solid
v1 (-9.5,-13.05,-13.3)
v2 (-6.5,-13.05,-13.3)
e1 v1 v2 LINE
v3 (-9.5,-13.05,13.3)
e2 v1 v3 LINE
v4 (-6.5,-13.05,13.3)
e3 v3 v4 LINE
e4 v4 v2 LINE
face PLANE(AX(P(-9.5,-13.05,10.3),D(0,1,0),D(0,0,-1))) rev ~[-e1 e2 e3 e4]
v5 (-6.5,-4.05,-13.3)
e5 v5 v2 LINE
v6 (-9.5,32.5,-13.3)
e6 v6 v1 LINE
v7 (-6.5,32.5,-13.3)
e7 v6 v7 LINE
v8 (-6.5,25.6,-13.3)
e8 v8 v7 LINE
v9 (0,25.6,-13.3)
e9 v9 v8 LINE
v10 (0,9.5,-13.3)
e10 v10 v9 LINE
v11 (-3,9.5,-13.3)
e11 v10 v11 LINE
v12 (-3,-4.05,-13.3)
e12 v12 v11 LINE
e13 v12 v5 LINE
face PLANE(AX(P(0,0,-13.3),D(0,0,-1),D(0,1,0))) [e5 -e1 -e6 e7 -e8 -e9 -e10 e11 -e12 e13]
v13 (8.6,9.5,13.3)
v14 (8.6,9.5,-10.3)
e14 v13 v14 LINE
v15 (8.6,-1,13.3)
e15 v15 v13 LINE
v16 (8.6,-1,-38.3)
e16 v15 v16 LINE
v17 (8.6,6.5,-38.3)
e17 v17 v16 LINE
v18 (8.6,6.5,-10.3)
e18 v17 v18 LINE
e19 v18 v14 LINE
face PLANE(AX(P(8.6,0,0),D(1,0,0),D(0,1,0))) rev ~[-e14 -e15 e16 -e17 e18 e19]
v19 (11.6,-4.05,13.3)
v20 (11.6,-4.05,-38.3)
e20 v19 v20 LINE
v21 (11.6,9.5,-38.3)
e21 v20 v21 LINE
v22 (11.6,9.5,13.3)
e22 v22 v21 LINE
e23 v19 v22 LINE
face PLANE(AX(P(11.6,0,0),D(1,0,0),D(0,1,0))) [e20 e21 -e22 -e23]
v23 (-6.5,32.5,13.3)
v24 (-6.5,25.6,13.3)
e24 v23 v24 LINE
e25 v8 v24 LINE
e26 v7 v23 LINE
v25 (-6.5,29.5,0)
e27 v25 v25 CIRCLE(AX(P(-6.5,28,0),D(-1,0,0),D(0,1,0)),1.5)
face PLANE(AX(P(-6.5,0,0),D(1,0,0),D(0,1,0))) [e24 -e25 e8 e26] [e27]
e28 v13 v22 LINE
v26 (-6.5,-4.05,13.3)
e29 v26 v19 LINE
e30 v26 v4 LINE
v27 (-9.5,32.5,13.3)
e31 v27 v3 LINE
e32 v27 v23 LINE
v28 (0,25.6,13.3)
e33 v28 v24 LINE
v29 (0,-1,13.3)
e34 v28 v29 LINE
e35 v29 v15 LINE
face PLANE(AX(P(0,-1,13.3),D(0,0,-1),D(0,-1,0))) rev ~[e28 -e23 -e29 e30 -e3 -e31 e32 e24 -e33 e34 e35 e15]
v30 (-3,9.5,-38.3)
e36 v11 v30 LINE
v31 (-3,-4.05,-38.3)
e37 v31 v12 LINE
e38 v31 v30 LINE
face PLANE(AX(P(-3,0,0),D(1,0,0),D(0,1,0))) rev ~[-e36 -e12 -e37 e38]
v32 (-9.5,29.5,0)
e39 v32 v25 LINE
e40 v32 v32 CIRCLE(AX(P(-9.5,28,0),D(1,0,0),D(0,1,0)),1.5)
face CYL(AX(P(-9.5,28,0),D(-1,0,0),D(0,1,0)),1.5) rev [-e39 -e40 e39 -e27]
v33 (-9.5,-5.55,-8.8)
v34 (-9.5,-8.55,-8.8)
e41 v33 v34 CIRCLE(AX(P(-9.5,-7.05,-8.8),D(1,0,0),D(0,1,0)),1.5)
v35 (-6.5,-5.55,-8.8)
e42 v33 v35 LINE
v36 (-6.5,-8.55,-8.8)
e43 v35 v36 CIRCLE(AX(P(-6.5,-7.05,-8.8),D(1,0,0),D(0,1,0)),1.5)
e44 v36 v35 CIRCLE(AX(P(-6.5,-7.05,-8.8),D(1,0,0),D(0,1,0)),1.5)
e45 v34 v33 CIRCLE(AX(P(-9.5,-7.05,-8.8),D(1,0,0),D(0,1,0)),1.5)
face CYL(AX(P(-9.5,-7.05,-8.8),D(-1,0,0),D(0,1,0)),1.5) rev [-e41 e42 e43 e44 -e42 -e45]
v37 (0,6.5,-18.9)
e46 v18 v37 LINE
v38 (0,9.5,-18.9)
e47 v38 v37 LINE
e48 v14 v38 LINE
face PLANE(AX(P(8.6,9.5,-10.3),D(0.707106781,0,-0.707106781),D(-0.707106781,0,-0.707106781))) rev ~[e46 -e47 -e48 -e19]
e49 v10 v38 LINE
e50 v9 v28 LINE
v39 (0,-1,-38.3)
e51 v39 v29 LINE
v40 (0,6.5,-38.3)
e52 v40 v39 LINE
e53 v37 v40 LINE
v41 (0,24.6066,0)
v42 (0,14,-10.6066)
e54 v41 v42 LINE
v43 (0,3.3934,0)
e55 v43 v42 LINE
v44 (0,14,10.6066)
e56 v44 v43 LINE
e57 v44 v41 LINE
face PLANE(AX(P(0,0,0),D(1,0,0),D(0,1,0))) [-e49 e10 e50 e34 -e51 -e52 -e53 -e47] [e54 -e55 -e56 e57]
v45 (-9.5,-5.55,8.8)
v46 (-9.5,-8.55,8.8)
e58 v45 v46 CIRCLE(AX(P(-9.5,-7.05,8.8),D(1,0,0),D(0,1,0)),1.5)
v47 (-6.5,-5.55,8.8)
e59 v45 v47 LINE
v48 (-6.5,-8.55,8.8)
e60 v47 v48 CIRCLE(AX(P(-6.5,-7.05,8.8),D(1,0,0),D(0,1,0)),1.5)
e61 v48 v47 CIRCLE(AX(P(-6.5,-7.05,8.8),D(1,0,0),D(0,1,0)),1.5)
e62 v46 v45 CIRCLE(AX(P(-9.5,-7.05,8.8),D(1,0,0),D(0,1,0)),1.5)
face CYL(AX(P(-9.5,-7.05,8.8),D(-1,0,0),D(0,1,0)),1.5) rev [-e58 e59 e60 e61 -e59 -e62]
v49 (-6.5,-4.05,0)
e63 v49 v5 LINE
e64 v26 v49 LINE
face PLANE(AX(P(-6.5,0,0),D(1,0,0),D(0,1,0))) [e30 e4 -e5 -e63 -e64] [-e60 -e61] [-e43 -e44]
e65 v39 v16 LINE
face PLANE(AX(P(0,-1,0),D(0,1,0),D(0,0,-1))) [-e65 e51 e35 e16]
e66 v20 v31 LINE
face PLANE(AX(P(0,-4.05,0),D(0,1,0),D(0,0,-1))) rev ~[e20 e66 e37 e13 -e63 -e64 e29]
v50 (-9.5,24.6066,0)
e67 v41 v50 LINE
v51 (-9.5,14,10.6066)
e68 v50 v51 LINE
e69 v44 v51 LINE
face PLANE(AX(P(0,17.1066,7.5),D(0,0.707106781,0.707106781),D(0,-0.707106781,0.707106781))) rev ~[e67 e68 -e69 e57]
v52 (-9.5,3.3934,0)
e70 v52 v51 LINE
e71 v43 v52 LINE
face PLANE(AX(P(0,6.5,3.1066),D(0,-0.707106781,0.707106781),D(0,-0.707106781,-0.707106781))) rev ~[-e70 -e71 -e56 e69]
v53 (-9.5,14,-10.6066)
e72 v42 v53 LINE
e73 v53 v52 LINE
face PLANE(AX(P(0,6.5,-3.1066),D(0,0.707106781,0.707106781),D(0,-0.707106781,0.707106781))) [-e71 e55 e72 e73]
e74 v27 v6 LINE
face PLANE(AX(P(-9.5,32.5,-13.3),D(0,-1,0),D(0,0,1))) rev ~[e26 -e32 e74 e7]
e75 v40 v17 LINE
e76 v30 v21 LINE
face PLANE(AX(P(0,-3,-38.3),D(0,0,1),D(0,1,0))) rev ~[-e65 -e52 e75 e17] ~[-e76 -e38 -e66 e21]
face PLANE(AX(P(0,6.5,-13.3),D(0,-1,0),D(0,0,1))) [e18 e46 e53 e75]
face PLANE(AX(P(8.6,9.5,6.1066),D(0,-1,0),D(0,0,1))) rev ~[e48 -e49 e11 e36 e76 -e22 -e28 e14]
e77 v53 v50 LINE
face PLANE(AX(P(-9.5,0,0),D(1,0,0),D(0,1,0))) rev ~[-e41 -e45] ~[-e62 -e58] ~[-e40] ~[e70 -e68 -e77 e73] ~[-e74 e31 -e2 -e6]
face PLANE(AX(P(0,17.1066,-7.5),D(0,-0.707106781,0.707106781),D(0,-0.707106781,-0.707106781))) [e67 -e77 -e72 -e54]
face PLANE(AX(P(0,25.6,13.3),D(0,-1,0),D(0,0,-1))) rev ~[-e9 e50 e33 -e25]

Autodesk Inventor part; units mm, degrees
ref_plane "YZ Plane" through (0, 0, 0) normal (1, 0, 0) x (0, 1, 0)
ref_plane "XZ Plane" through (0, 0, 0) normal (0, 1, 0) x (-1, 0, 0)
ref_plane "XY Plane" through (0, 0, 0) normal (0, 0, 1) x (1, 0, 0)
sketch "Sketch2" plane through (0, 0, 0) normal (1, 0, 0) x (0, 1, 0)
  line L0 (0, 0) -> (14, 0)
  line L1 (14, 0) -> (16.5, 0)
  line L2 (14, 0) -> (11.5, 0)
  line L3 (14, 0) -> (28, 0)
  line L4 (14, 0) -> (-8.55, 0)
  circle A0 centre (14, 0) radius 2.75
  line L5 (-8.55, 0) -> (-8.55, 8.8)
  line L6 (-8.55, 0) -> (-8.55, -8.8)
  line L7 (0, 0) -> (0, -13.3)
  line L8 (0, -13.3) -> (6.5, -13.3)
  line L9 (0, 0) -> (0, 13.3)
  line L10 (28, 0) -> (29.5, 0)
  line L11 (29.5, 0) -> (32.5, 0)
  line L12 (-10.05, 10.3) -> (-13.05, 10.3)
  line L13 (-13.05, 10.3) -> (-13.05, 13.3)
  line L14 (-13.05, 13.3) -> (-10.05, 13.3)
  line L15 (-10.05, 13.3) -> (-10.05, 10.3)
  line L16 (-10.05, -10.3) -> (-13.05, -10.3)
  line L17 (-13.05, -10.3) -> (-13.05, -13.3)
  line L18 (-13.05, -13.3) -> (-10.05, -13.3)
  line L19 (-10.05, -13.3) -> (-10.05, -10.3)
  line L20 (-13.05, -13.3) -> (32.5, -13.3)
  line L21 (32.5, -13.3) -> (32.5, 13.3)
  line L22 (32.5, 13.3) -> (-13.05, 13.3)
  line L23 (-13.05, 13.3) -> (-13.05, -13.3)
  line L24 (9.5, 13.3) -> (-3, 13.3)
  circle A1 centre (14, 0) radius 7.5
  line L25 (28, 0) -> (25.6, 0)
  line L26 (25.6, 0) -> (25.6, -2.4)
  line L27 (25.6, 2.4) -> (25.6, -2.4)
  line L28 (25.6, 13.3) -> (25.6, -13.3)
  line L29 (32.5, 0) -> (32.5, -3)
  line L30 (28, -1.5) -> (28, -4.5)
  line L31 (28, 1.5) -> (28, 4.5)
  line L32 (32.5, 4.5) -> (25.6, 4.5)
  line L33 (25.6, 4.5) -> (25.6, -4.5)
  line L34 (25.6, -4.5) -> (32.5, -4.5)
  line L35 (32.5, -4.5) -> (32.5, 4.5)
  line L36 (0, -13.3) -> (0, -38.3)
  line L37 (0, -38.3) -> (6.5, -38.3)
  line L38 (6.5, -13.3) -> (9.5, -13.3)
  line L39 (9.5, -13.3) -> (9.5, -38.3)
  line L40 (9.5, -38.3) -> (6.5, -38.3)
  line L41 (6.5, -38.3) -> (6.5, -13.3)
  line L42 (0, -13.3) -> (-3, -13.3)
  line L43 (-3, -13.3) -> (-3, -38.3)
  line L44 (-3, -38.3) -> (0, -38.3)
  line L45 (0, -38.3) -> (0, -13.3)
  line L46 (9.5, -13.3) -> (6.5, -13.3)
  line L47 (6.5, -13.3) -> (6.5, -10.3)
  line L48 (6.5, -10.3) -> (9.5, -10.3)
  line L49 (9.5, -10.3) -> (9.5, -13.3)
  line L50 (-3, -13.3) -> (-3, 13.3)
  line L51 (-7.05, 8.8) -> (-5.05, 8.8)
  line L52 (-4.05, 13.3) -> (-4.05, -13.3)
  line L53 (9.5, -10.3) -> (9.5, 13.3)
  line L54 (6.5, -10.3) -> (6.5, 13.3)
  line L55 (25.6, -7.5) -> (0, -7.5)
  line L56 (25.6, 7.5) -> (0, 7.5)
  line L57 (14, 0) -> (19.3033, -5.3033)
  line L58 (14, 0) -> (21.5, 0) construction
  line L59 (19.3033, -5.3033) -> (14, -10.6066)
  line L60 (14, -10.6066) -> (24.6066, 0)
  line L61 (14, -10.6066) -> (3.3934, 0)
  line L62 (24.6066, 0) -> (14, 10.6066)
  line L63 (14, 10.6066) -> (3.3934, 0)
  line L64 (0, 13.3) -> (-1, 13.3)
  line L65 (-1, 13.3) -> (-1, -38.3)
  line L66 (-3, -38.3) -> (-4.05, -38.3)
  line L67 (-4.05, -38.3) -> (-4.05, -13.3)
  line L68 (25.6, 0) -> (27.6, 0)
  line L69 (25.6, 0) -> (27.6, 0)
  line L70 (27.6, 0) -> (29.1, 0)
  line L71 (29.1, 0) -> (27.1, 0)
  circle A2 centre (28, 0) radius 1.5
  circle A3 centre (-7.05, 8.8) radius 1.5
  circle A4 centre (-7.05, -8.8) radius 1.5
  point P0 (-3, -13.3)
  point P1 (6.5, 10.3)
  point P2 (6.5, -7.5)
  point P3 (6.5, 7.5)
  point P4 (6.5, -3.1066)
  point P5 (10.8934, -7.5)
  point P6 (6.5, 3.1066)
  point P7 (10.8934, 7.5)
  point P8 (17.1066, -7.5)
  point P9 (17.1066, 7.5)
  dimension "d30" = 15
  dimension "d8" = 14
  dimension "d9" = 2.5
  dimension "d10" = 2.5
  dimension "d11" = 14
  dimension "d12" = 22.55
  dimension "d14" = 5.5
  dimension "d15" = 8.8
  dimension "d19" = 13.3
  dimension "d23" = 3
  dimension "d24" = 3
  dimension "d25" = 3
  dimension "d26" = 3
  dimension "d27" = 3
  dimension "d39" = 3
  dimension "d42" = 25
  dimension "d43" = 6.5
  dimension "d44" = 3
  dimension "d45" = 3
  dimension "d46" = 3
  dimension "d47" = 2
  dimension "d55" = 45
  dimension "d58" = 15
  dimension "d64" = 1
  dimension "d65" = 2
  dimension "d66" = 1.5
  dimension "d68" = 2
  dimension "d70" = 3
  dimension "d71" = 3
extrude "Extrusion1" add sketch "Sketch2" along normal blind 8.6 contours L65 L20 L50 L4 | L4 L50 L22 L65 | L50 L20 L52 L4 | L4 L52 L22 L50 | L65 L44 L43 L20 | L43 L66 L67 L20 | L47 L48 L49 L20 | L20 L39 L40 L41
extrude "Extrusion2" add sketch "Sketch2" against normal blind 9.5 contours L9 L56 L54 L63 L0 | L7 L20 L65 L4 | L0 L61 L54 L55 L7 | L4 L65 L22 L9 | L65 L20 L50 L4 | L4 L50 L22 L65 | L55 L54 L47 L8 L7 | L9 L22 L54 L56 | L61 L53 L55 L54 | L54 L56 L53 L63 | L50 L20 L52 L4 | L4 L52 L22 L50 | L55 L53 L48 L54 | L54 L22 L53 L56 | L47 L48 L49 L20 | L55 L61 L59 L28 L20 L49 L53 | L53 L61 L55 | L56 L63 L53 | L53 L22 L28 L56 L62 L63 | L60 L3 L26 L28 L55 L59 | L62 L56 L28 L27 L3
extrude "Extrusion3" add sketch "Sketch2" along normal blind 3 from surface at -9.5 contours L52 L20 L19 L16 L23 L12 L15 L22 | L15 L12 L13 L14 | L18 L17 L16 L19 | L28 L34 L21 L20 | L22 L21 L32 L28 | L34 L30 A2 L11 L21 | L28 L26 L3 A2 L30 L34 | L21 L11 A2 L31 L32 | L32 L31 A2 L3 L27 L28
extrude "Extrusion4" add sketch "Sketch2" along normal blind 3 from surface at 8.6 contours L9 L56 L54 L63 L0 | L7 L20 L65 L4 | L0 L61 L54 L55 L7 | L4 L65 L22 L9 | L63 L54 L0 | L0 L54 L61 | L65 L20 L50 L4 | L4 L50 L22 L65 | L55 L54 L47 L8 L7 | L9 L22 L54 L56 | A1 L53 L0 | L54 L63 A1 | L0 L53 A1 | A1 L61 L54 | L61 L53 L55 L54 | L54 L56 L53 L63 | L50 L20 L52 L4 | L4 L52 L22 L50 | L65 L44 L43 L20 | L20 L36 L44 L65 | L8 L41 L37 L36 | L55 L53 L48 L54 | L54 L22 L53 L56 | L63 L53 A1 | A1 L53 L61 | L43 L66 L67 L20 | L47 L48 L49 L20 | L20 L39 L40 L41
sketch "Sketch3" plane through (0, 9.5, -13.3) normal (0, 1, 0) x (1, 0, 0)
  line L0 (0, -3) -> (8.6, -3) projected
  line L1 (8.6, -3) -> (0, 5.6)
  line L2 (0, 25) -> (0, 0) projected
  line L3 (8.6, -3) -> (20.7622, -3) construction
  line L4 (0, 5.6) -> (0, -3)
  line L5 (0, 0) -> (0, -26.6) projected
  line L6 (8.6, -3) -> (0, -3)
  point P0 (0, -13.3)
  point P1 (0, 0)
  dimension "d59" = 135
extrude "Extrusion5" cut sketch "Sketch3" against normal up to next
extrude "Extrusion6" add sketch "Sketch2" against normal blind 3 contours L65 L44 L43 L20 | L20 L36 L44 L65 | L8 L41 L37 L36 | L43 L66 L67 L20 | L20 L39 L40 L41
properties part number "linear motion motor and gearbox holder"
